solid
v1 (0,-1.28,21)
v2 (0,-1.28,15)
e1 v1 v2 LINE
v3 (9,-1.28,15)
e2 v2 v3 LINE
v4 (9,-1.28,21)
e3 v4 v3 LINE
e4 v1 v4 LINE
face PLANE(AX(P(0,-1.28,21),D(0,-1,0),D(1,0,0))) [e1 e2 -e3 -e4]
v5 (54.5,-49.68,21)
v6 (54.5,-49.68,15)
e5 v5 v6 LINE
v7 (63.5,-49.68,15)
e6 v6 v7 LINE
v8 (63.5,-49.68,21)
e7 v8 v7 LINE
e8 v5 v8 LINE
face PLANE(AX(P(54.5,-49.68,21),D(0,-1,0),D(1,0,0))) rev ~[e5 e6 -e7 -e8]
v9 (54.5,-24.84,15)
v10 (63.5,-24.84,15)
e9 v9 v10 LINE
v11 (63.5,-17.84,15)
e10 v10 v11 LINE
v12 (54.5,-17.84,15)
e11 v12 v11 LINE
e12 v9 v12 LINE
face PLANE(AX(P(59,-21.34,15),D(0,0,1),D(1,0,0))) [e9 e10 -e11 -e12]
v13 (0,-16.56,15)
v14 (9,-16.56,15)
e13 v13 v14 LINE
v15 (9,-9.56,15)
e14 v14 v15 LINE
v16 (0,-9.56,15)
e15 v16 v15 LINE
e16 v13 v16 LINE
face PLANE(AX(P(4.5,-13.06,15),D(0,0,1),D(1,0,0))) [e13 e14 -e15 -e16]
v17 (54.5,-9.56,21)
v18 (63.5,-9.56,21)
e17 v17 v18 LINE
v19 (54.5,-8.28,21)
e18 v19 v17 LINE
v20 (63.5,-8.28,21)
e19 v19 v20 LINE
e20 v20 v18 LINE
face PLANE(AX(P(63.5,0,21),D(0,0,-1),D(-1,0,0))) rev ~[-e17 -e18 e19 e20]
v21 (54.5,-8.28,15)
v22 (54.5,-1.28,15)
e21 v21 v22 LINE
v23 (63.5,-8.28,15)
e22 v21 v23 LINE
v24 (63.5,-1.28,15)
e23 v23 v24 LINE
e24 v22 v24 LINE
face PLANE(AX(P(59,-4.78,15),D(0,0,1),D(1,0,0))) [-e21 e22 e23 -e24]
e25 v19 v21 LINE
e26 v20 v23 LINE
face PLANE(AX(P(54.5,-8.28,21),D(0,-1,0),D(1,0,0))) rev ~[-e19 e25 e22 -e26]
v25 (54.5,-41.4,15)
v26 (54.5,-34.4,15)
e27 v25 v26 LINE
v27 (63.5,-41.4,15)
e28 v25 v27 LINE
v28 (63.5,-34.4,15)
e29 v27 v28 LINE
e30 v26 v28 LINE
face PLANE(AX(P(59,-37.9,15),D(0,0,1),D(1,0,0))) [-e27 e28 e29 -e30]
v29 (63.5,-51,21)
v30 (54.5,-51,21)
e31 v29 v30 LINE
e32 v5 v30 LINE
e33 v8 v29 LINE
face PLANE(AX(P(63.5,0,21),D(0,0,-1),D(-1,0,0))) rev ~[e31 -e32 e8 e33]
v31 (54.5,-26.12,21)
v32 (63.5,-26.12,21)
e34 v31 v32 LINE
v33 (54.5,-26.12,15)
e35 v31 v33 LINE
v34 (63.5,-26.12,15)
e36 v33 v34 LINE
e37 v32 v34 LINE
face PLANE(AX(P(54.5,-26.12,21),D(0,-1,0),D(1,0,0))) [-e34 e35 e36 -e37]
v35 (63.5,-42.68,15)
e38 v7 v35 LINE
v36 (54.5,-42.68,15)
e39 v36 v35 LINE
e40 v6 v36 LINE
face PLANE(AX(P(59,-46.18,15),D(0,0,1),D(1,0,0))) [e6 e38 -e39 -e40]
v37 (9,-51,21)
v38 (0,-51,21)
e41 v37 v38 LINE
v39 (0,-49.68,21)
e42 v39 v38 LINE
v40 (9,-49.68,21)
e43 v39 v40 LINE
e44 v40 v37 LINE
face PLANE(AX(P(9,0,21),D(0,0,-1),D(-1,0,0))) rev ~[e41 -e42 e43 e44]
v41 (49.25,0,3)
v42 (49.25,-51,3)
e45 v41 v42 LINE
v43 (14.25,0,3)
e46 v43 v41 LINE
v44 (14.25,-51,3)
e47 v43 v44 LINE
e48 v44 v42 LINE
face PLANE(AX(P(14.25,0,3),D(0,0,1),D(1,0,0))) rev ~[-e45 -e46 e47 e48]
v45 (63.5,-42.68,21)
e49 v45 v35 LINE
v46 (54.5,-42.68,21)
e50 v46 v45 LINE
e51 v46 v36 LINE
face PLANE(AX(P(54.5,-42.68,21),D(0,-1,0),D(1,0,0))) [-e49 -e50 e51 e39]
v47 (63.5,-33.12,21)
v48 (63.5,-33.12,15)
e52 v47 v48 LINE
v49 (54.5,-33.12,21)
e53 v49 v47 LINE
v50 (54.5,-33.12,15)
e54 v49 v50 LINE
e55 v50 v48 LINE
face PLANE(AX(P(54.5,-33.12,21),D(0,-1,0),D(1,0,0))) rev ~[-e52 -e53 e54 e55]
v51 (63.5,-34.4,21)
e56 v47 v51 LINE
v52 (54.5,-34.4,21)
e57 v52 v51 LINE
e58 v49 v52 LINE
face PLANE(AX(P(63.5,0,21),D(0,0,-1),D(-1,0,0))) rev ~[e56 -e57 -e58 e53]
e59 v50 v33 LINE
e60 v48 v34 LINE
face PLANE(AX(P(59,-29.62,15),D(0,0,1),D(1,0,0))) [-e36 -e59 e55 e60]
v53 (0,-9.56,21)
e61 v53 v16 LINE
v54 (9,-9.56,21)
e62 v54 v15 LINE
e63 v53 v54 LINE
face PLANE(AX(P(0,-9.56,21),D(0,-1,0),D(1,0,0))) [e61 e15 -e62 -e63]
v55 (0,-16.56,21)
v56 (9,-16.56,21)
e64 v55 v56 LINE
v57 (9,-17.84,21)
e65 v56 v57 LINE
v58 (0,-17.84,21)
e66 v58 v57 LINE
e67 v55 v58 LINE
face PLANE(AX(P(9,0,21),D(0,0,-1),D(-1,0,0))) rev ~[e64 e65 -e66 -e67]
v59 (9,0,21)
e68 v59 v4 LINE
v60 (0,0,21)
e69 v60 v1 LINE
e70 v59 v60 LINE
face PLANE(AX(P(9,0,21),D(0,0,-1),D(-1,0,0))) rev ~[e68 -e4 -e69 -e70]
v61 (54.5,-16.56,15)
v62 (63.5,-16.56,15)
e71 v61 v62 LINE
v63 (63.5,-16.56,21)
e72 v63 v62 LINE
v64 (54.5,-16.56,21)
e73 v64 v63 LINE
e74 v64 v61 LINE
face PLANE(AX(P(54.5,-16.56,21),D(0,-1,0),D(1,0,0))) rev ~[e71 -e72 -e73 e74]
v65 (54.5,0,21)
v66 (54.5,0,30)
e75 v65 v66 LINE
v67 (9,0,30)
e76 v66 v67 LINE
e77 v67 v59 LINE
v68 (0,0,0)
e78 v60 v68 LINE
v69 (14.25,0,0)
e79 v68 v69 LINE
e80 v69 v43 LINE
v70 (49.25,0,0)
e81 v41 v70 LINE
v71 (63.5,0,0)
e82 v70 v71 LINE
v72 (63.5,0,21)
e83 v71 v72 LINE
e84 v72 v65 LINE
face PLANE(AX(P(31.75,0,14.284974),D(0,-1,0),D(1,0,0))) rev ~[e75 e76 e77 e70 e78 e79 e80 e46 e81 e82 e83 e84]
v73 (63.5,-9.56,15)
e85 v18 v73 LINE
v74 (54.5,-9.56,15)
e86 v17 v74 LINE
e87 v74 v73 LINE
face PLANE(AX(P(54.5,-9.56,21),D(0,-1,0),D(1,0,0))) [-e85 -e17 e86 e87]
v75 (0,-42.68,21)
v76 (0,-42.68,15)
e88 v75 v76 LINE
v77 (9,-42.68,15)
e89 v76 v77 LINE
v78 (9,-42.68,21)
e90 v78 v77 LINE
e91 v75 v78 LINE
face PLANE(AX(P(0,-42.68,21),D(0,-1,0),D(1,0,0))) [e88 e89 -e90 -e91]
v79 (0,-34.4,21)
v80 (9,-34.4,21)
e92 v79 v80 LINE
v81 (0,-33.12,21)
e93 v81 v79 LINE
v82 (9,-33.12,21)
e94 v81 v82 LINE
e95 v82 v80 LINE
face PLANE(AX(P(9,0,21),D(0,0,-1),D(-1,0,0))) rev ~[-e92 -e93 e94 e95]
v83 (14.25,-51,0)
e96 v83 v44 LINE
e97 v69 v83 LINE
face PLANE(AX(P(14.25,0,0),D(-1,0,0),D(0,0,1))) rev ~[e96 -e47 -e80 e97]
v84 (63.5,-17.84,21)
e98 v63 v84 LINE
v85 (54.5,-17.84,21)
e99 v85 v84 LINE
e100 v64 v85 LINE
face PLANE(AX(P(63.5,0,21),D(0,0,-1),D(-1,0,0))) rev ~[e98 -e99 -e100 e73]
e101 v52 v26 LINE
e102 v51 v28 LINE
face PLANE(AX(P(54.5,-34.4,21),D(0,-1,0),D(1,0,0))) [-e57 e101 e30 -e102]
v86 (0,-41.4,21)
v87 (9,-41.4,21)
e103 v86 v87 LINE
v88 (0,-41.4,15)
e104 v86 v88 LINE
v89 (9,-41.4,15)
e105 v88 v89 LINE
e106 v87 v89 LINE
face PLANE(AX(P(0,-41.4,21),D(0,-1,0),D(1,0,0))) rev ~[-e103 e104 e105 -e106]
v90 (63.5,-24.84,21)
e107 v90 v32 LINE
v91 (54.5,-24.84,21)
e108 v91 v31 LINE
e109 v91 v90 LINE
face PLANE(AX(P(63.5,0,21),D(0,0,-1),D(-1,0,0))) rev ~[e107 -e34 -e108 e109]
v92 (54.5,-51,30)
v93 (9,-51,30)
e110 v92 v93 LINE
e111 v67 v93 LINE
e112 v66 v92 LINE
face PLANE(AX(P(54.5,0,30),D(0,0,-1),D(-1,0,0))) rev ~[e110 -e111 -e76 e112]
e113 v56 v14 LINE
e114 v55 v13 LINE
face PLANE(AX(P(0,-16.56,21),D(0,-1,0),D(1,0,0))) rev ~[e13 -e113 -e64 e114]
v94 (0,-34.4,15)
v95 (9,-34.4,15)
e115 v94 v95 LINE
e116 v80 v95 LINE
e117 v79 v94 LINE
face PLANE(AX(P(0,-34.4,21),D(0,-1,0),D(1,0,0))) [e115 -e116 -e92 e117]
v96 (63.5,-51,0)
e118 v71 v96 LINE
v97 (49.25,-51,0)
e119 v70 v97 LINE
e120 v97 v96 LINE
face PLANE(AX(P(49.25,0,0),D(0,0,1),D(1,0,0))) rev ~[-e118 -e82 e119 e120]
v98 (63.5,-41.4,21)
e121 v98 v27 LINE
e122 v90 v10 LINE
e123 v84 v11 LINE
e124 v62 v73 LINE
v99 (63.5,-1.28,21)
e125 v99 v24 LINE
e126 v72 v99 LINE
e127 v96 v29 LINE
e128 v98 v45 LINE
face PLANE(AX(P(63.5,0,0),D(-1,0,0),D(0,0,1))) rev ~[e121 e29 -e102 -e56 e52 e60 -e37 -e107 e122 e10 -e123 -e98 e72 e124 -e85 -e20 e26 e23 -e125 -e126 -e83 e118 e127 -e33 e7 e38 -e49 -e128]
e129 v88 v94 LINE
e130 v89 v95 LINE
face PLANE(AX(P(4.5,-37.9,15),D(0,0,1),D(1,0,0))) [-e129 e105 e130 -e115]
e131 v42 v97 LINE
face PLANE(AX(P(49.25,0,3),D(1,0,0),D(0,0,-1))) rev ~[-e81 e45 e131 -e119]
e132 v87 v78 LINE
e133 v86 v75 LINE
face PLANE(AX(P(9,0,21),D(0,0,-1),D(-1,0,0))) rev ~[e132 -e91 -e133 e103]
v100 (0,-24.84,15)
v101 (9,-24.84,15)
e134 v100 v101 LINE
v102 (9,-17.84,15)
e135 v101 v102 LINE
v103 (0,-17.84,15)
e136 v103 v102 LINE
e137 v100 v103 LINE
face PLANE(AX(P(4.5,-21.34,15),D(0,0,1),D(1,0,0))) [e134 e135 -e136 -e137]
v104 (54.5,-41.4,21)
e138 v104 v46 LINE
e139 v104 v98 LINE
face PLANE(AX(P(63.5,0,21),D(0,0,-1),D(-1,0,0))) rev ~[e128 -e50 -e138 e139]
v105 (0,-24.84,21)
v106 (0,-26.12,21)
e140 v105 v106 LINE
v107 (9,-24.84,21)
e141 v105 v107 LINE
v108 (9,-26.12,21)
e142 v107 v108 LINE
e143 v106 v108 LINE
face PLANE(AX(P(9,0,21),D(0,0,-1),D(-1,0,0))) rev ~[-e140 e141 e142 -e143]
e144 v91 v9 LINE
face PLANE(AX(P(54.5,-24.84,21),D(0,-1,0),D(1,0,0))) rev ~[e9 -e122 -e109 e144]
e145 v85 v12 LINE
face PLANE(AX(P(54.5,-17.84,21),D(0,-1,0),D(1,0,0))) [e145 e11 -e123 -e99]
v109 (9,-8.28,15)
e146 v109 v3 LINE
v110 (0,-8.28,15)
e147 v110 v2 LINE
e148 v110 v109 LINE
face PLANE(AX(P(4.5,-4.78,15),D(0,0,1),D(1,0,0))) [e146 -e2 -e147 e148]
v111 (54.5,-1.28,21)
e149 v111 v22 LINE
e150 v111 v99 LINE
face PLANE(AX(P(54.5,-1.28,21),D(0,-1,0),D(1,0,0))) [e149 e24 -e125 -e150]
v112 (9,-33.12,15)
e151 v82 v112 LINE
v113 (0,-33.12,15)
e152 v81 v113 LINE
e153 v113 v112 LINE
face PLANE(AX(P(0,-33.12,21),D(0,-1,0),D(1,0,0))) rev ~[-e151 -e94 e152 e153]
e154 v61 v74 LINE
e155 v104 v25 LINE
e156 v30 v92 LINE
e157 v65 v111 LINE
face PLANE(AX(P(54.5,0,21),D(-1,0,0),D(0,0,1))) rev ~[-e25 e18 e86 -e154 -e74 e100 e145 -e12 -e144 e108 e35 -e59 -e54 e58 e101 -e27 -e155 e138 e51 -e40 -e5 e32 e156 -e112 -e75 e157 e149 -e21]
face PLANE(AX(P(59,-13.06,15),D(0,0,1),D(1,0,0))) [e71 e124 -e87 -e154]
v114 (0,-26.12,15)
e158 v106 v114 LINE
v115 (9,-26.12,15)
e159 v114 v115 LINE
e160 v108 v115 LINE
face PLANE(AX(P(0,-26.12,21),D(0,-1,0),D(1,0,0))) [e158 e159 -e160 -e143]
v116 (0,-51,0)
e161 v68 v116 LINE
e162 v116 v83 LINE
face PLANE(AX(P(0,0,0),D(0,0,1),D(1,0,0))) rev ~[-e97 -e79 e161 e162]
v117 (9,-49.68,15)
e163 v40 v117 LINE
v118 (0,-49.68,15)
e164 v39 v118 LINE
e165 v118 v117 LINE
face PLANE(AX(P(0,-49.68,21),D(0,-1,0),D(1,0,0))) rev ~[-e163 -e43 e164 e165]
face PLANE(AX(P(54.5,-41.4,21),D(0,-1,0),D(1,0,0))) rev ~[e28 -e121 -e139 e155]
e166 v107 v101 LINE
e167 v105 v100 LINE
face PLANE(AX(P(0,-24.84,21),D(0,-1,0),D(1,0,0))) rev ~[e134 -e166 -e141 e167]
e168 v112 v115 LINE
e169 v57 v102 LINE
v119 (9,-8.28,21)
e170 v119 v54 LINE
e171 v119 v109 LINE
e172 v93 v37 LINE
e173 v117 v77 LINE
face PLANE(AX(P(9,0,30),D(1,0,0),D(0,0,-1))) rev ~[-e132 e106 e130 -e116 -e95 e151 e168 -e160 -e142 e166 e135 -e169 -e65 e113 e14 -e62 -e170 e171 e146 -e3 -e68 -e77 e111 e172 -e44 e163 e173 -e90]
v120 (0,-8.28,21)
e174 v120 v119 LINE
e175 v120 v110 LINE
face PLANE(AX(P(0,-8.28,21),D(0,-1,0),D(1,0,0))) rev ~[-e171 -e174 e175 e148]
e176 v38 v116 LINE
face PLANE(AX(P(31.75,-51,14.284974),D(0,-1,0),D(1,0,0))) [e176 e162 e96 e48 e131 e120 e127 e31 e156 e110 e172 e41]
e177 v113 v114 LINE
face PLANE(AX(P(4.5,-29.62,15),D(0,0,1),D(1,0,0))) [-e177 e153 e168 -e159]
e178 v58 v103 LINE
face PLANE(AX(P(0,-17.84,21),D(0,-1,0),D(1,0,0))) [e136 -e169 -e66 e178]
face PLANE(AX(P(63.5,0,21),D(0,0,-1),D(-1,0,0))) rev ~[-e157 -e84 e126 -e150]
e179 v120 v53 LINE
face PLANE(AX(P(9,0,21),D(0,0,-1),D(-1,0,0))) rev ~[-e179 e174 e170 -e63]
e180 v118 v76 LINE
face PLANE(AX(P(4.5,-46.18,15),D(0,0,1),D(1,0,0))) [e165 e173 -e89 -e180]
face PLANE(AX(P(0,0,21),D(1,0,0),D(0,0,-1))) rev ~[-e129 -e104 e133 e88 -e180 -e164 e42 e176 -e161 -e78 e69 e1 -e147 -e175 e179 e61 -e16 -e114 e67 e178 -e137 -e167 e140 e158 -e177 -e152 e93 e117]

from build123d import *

# Parameters (mm, degrees)
F1_DEPTH = 51
F2_W     = 9
F2_H     = 7
F3_DEPTH = 6


with BuildPart() as f1:
    # F0 (on Front) → F1 (new body)
    with BuildSketch(Plane.XZ):
        Polygon((0, 21), (0, 0), (14.25, 0), (14.25, 3), (49.25, 3), (49.25, 0), (63.5, 0), (63.5, 21), (54.5, 21), (54.5, 30), (9, 30), (9, 21), align=None)
    extrude(amount=F1_DEPTH)

    # F2 (on face) → F3 (cut)
    with BuildSketch(Plane.XY.offset(21)):
        with Locations((59, -4.78)):
            Rectangle(F2_W, F2_H)
        with Locations((59, -13.06)):
            Rectangle(F2_W, F2_H)
        with Locations((59, -21.34)):
            Rectangle(F2_W, F2_H)
        with Locations((59, -29.62)):
            Rectangle(F2_W, F2_H)
        with Locations((59, -37.9)):
            Rectangle(F2_W, F2_H)
        with Locations((59, -46.18)):
            Rectangle(F2_W, F2_H)
        with Locations((4.5, -4.78)):
            Rectangle(F2_W, F2_H)
        with Locations((4.5, -13.06)):
            Rectangle(F2_W, F2_H)
        with Locations((4.5, -21.34)):
            Rectangle(F2_W, F2_H)
        with Locations((4.5, -29.62)):
            Rectangle(F2_W, F2_H)
        with Locations((4.5, -37.9)):
            Rectangle(F2_W, F2_H)
        with Locations((4.5, -46.18)):
            Rectangle(F2_W, F2_H)
    extrude(amount=-F3_DEPTH, mode=Mode.SUBTRACT)


solid = f1.part
